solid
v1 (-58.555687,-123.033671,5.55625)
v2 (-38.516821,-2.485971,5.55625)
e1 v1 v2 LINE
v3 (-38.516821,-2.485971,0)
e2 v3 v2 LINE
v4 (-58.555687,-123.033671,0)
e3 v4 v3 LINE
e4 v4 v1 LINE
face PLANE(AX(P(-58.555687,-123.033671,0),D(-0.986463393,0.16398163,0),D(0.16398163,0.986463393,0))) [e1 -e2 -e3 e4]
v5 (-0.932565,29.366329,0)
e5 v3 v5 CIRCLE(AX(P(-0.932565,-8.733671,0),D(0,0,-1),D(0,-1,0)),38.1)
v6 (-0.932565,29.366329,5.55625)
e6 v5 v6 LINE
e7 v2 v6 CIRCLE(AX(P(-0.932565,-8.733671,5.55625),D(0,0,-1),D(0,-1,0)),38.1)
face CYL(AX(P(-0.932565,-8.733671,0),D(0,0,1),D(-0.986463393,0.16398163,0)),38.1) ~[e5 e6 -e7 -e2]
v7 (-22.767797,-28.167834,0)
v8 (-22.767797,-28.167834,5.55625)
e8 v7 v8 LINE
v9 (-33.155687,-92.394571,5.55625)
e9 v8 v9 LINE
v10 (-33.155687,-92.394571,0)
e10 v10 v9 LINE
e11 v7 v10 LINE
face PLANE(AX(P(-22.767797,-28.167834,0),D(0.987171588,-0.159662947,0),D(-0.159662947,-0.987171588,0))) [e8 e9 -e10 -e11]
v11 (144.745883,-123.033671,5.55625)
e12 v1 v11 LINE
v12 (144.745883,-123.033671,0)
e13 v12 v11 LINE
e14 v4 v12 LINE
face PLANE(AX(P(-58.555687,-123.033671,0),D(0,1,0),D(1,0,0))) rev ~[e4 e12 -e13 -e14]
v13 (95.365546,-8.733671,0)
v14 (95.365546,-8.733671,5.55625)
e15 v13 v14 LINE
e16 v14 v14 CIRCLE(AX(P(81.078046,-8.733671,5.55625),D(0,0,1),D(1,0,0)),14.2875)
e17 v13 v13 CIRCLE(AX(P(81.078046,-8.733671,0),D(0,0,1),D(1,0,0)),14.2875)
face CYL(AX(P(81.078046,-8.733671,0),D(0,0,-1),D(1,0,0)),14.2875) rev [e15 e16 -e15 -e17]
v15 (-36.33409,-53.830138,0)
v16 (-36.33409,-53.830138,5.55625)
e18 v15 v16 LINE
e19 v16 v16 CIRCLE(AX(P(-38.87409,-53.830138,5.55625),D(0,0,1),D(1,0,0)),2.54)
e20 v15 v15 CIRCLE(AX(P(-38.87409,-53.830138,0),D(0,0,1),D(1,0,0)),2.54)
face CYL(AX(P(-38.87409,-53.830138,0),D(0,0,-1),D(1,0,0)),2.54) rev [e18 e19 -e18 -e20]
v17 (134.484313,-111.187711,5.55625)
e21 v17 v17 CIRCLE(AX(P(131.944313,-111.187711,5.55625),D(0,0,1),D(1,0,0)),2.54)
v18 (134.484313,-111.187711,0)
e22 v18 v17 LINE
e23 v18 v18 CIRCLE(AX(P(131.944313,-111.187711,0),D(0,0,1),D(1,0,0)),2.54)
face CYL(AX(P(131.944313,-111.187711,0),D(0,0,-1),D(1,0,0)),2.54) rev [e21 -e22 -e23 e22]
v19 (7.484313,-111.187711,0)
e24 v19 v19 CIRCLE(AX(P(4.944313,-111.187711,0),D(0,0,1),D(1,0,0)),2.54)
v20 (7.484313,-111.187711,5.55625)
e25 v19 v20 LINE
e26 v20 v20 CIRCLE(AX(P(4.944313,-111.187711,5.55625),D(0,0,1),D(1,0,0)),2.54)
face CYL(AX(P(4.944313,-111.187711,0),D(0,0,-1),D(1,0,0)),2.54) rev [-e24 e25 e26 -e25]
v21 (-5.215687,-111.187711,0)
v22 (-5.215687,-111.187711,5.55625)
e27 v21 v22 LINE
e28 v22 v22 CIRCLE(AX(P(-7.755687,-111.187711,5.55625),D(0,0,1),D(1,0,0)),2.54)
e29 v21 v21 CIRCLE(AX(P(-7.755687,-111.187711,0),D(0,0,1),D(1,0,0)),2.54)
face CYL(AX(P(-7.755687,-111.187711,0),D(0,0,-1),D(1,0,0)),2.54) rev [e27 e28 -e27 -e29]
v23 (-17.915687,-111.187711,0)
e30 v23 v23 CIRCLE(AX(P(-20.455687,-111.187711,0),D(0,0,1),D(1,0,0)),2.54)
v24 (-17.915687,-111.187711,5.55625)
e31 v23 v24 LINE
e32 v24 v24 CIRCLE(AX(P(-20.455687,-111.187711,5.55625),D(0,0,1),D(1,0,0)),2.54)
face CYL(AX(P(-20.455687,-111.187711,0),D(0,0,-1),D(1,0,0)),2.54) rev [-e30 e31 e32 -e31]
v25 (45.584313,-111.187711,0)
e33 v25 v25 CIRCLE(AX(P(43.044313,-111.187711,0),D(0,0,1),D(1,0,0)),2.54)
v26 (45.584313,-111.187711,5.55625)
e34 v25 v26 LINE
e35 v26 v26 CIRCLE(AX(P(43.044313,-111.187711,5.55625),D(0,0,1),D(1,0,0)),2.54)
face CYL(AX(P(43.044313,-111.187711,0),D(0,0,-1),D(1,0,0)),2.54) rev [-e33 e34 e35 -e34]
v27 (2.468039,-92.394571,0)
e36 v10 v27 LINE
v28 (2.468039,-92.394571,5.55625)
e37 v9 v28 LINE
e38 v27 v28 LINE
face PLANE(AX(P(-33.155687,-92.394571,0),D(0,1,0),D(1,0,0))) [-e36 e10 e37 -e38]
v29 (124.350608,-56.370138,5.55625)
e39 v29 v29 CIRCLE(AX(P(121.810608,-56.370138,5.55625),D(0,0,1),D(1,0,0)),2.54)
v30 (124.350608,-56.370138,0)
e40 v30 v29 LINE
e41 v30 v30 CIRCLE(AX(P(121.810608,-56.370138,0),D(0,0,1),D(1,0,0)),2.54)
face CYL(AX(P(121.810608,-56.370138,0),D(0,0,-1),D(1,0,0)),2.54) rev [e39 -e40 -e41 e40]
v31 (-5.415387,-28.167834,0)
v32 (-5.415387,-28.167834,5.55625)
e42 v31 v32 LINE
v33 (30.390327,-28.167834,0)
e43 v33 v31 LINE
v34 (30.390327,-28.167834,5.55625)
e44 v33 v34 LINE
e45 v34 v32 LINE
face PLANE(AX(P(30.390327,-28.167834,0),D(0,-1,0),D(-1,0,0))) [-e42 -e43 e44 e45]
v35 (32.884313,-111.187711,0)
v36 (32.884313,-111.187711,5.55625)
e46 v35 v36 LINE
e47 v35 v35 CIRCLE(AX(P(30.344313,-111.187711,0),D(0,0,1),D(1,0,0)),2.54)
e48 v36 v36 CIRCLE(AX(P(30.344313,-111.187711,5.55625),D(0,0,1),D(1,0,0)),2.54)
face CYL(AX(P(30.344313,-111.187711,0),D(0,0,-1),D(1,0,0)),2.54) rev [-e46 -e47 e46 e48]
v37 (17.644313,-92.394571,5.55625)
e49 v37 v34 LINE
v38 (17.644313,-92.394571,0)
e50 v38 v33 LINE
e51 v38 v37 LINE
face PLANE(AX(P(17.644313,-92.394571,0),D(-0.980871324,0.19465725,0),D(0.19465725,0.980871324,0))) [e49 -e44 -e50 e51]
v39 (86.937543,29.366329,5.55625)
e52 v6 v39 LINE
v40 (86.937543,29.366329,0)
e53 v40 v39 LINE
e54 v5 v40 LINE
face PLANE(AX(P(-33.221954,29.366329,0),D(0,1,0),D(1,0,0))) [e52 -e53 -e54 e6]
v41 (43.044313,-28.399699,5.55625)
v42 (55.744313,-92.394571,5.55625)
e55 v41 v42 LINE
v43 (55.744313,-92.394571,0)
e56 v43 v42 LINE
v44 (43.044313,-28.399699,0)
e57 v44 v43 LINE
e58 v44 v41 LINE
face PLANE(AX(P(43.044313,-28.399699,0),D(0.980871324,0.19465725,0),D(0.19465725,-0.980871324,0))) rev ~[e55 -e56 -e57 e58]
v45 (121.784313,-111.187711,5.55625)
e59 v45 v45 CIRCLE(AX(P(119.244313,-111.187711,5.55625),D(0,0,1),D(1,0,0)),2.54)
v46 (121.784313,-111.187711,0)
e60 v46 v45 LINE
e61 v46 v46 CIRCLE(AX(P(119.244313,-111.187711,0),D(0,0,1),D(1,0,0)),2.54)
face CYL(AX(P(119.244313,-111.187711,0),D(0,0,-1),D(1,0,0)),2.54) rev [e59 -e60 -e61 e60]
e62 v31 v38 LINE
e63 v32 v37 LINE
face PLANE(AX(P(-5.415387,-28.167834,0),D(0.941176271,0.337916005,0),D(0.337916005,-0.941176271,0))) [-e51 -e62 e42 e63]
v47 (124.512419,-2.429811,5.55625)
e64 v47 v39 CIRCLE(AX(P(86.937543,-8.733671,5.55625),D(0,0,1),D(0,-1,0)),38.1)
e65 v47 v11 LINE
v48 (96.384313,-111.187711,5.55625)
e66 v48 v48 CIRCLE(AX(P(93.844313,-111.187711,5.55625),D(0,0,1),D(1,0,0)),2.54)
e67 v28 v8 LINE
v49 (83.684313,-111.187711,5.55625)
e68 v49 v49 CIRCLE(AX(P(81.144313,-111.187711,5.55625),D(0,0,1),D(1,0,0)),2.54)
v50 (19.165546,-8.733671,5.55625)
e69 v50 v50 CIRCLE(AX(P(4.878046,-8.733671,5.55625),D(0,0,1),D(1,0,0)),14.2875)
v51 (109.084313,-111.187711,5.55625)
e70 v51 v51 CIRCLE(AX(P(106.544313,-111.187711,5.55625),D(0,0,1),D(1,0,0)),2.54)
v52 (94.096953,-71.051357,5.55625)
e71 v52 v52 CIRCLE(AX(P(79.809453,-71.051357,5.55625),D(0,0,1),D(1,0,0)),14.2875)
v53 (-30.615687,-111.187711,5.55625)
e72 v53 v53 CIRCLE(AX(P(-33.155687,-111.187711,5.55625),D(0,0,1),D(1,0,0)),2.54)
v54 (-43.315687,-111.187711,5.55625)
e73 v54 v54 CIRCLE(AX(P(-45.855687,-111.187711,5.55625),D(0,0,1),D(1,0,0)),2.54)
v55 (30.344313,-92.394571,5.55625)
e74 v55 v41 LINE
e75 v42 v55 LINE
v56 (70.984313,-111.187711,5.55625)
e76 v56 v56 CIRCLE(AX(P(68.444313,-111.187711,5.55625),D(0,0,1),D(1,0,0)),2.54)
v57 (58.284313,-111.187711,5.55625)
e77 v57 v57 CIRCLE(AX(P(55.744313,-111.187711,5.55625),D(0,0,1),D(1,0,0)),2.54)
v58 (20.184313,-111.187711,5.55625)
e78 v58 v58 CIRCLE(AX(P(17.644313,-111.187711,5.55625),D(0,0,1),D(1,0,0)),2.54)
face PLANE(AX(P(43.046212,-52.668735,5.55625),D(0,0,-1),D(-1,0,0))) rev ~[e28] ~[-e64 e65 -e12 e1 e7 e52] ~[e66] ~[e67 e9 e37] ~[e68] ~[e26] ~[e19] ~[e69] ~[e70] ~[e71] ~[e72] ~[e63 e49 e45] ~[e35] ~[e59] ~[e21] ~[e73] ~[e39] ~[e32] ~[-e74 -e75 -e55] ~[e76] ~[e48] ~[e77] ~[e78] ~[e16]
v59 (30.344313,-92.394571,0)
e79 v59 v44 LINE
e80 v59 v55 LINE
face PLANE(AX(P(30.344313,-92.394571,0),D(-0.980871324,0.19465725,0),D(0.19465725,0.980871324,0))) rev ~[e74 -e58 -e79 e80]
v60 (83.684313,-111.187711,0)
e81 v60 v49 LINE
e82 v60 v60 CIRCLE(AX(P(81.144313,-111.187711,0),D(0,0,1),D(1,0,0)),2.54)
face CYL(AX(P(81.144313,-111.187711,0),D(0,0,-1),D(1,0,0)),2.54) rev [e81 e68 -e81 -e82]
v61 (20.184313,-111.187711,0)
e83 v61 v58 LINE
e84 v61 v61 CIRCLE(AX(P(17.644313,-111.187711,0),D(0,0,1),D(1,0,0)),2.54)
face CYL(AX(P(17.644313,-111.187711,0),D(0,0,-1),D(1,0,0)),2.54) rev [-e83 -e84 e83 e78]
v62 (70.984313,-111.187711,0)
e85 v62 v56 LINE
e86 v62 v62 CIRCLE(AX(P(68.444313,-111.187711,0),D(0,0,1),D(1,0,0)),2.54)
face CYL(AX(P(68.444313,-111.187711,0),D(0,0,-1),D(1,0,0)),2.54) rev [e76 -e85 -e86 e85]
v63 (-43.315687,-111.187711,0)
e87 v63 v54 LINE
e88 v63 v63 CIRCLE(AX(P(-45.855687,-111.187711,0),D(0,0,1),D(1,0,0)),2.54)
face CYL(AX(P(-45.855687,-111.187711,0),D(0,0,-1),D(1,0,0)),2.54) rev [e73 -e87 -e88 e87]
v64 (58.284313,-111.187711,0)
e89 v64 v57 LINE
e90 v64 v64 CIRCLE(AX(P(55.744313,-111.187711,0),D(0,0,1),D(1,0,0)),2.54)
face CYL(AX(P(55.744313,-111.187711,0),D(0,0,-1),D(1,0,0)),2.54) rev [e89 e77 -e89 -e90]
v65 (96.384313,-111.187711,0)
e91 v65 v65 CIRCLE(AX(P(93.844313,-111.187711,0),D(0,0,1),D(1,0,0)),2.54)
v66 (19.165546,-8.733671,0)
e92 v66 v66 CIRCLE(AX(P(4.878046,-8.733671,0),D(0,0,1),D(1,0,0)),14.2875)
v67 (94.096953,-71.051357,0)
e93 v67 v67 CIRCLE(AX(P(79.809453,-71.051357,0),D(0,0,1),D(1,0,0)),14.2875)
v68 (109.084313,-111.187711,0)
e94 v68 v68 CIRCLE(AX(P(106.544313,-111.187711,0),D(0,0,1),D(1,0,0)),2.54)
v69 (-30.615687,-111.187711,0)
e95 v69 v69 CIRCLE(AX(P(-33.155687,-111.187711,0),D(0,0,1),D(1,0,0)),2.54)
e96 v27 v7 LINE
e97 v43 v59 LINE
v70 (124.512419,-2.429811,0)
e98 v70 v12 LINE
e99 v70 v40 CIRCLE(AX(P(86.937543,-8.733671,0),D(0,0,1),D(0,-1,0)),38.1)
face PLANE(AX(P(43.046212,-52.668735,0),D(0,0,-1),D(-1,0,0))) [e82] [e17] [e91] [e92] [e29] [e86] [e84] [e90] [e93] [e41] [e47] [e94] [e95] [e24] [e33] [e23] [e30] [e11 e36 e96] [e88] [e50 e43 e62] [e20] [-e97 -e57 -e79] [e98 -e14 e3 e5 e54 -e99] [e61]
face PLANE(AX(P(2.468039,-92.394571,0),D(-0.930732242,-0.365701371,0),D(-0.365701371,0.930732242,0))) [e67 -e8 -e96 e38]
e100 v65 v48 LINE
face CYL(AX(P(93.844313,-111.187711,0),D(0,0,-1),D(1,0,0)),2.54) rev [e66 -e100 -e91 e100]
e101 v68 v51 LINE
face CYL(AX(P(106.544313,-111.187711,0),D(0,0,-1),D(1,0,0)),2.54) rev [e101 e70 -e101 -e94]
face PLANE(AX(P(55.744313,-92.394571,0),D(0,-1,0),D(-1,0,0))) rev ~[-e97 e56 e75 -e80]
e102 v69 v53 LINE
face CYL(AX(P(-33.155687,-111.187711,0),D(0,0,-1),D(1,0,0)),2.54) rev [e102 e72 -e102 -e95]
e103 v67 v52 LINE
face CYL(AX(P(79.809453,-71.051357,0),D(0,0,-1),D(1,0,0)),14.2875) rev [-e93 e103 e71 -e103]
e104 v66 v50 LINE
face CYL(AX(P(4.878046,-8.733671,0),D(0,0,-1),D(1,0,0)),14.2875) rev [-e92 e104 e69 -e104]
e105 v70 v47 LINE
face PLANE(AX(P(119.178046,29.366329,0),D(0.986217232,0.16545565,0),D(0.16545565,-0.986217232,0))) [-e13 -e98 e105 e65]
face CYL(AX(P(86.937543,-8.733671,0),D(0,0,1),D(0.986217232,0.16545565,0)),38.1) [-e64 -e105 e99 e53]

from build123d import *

# Parameters (mm, degrees)
SKETCH2_R           = 14.2875
SKETCH2_R_2         = 2.54
BOSS_EXTRUDE1_DEPTH = 5.55625
FILLET1_R           = 38.1


with BuildPart() as part:
    # Sketch2 → Boss-Extrude1 (new body)
    with BuildSketch(Plane.XY):
        Polygon((-33.221954044, -123.033671084), (-58.55568732, -123.033671084), (-33.221954044, 29.366328916), (119.178045956, 29.366328916), (144.745882617, -123.033671084), (119.178045956, -123.033671084), align=None)
        with Locations((4.878045956, -8.733671084)):
            Circle(SKETCH2_R, mode=Mode.SUBTRACT)
        with Locations((81.078045956, -8.733671084)):
            Circle(SKETCH2_R, mode=Mode.SUBTRACT)
        with Locations((-45.85568732, -111.187710863)):
            Circle(SKETCH2_R_2, mode=Mode.SUBTRACT)
        with Locations((-33.15568732, -111.187710863)):
            Circle(SKETCH2_R_2, mode=Mode.SUBTRACT)
        with Locations((-20.45568732, -111.187710863)):
            Circle(SKETCH2_R_2, mode=Mode.SUBTRACT)
        with Locations((-7.75568732, -111.187710863)):
            Circle(SKETCH2_R_2, mode=Mode.SUBTRACT)
        with Locations((4.94431268, -111.187710863)):
            Circle(SKETCH2_R_2, mode=Mode.SUBTRACT)
        with Locations((17.64431268, -111.187710863)):
            Circle(SKETCH2_R_2, mode=Mode.SUBTRACT)
        with Locations((30.34431268, -111.187710863)):
            Circle(SKETCH2_R_2, mode=Mode.SUBTRACT)
        with Locations((43.04431268, -111.187710863)):
            Circle(SKETCH2_R_2, mode=Mode.SUBTRACT)
        with Locations((55.74431268, -111.187710863)):
            Circle(SKETCH2_R_2, mode=Mode.SUBTRACT)
        with Locations((68.44431268, -111.187710863)):
            Circle(SKETCH2_R_2, mode=Mode.SUBTRACT)
        with Locations((81.14431268, -111.187710863)):
            Circle(SKETCH2_R_2, mode=Mode.SUBTRACT)
        with Locations((93.84431268, -111.187710863)):
            Circle(SKETCH2_R_2, mode=Mode.SUBTRACT)
        with Locations((106.54431268, -111.187710863)):
            Circle(SKETCH2_R_2, mode=Mode.SUBTRACT)
        with Locations((119.24431268, -111.187710863)):
            Circle(SKETCH2_R_2, mode=Mode.SUBTRACT)
        with Locations((131.94431268, -111.187710863)):
            Circle(SKETCH2_R_2, mode=Mode.SUBTRACT)
        with Locations((79.809453324, -71.051356873)):
            Circle(SKETCH2_R, mode=Mode.SUBTRACT)
        with Locations((121.810607633, -56.370137575)):
            Circle(SKETCH2_R_2, mode=Mode.SUBTRACT)
        with Locations((-38.87409027, -53.830137575)):
            Circle(SKETCH2_R_2, mode=Mode.SUBTRACT)
        Polygon((-22.767796965, -28.16783361), (-33.15568732, -92.394571291), (2.468038836, -92.394571291), align=None, mode=Mode.SUBTRACT)
        Polygon((43.04431268, -28.399699089), (55.74431268, -92.394571291), (30.34431268, -92.394571291), align=None, mode=Mode.SUBTRACT)
        Polygon((17.64431268, -92.394571291), (30.390327173, -28.16783361), (-5.41538745, -28.16783361), align=None, mode=Mode.SUBTRACT)
    extrude(amount=BOSS_EXTRUDE1_DEPTH)

    # Fillet1
    fillet1_edges = [part.edges().sort_by_distance(p)[0] for p in [
        (-33.221954044, 29.366328916, 2.778125),
        (119.178045956, 29.366328916, 2.778125),
    ]]
    fillet(fillet1_edges, radius=FILLET1_R)


solid = part.part
